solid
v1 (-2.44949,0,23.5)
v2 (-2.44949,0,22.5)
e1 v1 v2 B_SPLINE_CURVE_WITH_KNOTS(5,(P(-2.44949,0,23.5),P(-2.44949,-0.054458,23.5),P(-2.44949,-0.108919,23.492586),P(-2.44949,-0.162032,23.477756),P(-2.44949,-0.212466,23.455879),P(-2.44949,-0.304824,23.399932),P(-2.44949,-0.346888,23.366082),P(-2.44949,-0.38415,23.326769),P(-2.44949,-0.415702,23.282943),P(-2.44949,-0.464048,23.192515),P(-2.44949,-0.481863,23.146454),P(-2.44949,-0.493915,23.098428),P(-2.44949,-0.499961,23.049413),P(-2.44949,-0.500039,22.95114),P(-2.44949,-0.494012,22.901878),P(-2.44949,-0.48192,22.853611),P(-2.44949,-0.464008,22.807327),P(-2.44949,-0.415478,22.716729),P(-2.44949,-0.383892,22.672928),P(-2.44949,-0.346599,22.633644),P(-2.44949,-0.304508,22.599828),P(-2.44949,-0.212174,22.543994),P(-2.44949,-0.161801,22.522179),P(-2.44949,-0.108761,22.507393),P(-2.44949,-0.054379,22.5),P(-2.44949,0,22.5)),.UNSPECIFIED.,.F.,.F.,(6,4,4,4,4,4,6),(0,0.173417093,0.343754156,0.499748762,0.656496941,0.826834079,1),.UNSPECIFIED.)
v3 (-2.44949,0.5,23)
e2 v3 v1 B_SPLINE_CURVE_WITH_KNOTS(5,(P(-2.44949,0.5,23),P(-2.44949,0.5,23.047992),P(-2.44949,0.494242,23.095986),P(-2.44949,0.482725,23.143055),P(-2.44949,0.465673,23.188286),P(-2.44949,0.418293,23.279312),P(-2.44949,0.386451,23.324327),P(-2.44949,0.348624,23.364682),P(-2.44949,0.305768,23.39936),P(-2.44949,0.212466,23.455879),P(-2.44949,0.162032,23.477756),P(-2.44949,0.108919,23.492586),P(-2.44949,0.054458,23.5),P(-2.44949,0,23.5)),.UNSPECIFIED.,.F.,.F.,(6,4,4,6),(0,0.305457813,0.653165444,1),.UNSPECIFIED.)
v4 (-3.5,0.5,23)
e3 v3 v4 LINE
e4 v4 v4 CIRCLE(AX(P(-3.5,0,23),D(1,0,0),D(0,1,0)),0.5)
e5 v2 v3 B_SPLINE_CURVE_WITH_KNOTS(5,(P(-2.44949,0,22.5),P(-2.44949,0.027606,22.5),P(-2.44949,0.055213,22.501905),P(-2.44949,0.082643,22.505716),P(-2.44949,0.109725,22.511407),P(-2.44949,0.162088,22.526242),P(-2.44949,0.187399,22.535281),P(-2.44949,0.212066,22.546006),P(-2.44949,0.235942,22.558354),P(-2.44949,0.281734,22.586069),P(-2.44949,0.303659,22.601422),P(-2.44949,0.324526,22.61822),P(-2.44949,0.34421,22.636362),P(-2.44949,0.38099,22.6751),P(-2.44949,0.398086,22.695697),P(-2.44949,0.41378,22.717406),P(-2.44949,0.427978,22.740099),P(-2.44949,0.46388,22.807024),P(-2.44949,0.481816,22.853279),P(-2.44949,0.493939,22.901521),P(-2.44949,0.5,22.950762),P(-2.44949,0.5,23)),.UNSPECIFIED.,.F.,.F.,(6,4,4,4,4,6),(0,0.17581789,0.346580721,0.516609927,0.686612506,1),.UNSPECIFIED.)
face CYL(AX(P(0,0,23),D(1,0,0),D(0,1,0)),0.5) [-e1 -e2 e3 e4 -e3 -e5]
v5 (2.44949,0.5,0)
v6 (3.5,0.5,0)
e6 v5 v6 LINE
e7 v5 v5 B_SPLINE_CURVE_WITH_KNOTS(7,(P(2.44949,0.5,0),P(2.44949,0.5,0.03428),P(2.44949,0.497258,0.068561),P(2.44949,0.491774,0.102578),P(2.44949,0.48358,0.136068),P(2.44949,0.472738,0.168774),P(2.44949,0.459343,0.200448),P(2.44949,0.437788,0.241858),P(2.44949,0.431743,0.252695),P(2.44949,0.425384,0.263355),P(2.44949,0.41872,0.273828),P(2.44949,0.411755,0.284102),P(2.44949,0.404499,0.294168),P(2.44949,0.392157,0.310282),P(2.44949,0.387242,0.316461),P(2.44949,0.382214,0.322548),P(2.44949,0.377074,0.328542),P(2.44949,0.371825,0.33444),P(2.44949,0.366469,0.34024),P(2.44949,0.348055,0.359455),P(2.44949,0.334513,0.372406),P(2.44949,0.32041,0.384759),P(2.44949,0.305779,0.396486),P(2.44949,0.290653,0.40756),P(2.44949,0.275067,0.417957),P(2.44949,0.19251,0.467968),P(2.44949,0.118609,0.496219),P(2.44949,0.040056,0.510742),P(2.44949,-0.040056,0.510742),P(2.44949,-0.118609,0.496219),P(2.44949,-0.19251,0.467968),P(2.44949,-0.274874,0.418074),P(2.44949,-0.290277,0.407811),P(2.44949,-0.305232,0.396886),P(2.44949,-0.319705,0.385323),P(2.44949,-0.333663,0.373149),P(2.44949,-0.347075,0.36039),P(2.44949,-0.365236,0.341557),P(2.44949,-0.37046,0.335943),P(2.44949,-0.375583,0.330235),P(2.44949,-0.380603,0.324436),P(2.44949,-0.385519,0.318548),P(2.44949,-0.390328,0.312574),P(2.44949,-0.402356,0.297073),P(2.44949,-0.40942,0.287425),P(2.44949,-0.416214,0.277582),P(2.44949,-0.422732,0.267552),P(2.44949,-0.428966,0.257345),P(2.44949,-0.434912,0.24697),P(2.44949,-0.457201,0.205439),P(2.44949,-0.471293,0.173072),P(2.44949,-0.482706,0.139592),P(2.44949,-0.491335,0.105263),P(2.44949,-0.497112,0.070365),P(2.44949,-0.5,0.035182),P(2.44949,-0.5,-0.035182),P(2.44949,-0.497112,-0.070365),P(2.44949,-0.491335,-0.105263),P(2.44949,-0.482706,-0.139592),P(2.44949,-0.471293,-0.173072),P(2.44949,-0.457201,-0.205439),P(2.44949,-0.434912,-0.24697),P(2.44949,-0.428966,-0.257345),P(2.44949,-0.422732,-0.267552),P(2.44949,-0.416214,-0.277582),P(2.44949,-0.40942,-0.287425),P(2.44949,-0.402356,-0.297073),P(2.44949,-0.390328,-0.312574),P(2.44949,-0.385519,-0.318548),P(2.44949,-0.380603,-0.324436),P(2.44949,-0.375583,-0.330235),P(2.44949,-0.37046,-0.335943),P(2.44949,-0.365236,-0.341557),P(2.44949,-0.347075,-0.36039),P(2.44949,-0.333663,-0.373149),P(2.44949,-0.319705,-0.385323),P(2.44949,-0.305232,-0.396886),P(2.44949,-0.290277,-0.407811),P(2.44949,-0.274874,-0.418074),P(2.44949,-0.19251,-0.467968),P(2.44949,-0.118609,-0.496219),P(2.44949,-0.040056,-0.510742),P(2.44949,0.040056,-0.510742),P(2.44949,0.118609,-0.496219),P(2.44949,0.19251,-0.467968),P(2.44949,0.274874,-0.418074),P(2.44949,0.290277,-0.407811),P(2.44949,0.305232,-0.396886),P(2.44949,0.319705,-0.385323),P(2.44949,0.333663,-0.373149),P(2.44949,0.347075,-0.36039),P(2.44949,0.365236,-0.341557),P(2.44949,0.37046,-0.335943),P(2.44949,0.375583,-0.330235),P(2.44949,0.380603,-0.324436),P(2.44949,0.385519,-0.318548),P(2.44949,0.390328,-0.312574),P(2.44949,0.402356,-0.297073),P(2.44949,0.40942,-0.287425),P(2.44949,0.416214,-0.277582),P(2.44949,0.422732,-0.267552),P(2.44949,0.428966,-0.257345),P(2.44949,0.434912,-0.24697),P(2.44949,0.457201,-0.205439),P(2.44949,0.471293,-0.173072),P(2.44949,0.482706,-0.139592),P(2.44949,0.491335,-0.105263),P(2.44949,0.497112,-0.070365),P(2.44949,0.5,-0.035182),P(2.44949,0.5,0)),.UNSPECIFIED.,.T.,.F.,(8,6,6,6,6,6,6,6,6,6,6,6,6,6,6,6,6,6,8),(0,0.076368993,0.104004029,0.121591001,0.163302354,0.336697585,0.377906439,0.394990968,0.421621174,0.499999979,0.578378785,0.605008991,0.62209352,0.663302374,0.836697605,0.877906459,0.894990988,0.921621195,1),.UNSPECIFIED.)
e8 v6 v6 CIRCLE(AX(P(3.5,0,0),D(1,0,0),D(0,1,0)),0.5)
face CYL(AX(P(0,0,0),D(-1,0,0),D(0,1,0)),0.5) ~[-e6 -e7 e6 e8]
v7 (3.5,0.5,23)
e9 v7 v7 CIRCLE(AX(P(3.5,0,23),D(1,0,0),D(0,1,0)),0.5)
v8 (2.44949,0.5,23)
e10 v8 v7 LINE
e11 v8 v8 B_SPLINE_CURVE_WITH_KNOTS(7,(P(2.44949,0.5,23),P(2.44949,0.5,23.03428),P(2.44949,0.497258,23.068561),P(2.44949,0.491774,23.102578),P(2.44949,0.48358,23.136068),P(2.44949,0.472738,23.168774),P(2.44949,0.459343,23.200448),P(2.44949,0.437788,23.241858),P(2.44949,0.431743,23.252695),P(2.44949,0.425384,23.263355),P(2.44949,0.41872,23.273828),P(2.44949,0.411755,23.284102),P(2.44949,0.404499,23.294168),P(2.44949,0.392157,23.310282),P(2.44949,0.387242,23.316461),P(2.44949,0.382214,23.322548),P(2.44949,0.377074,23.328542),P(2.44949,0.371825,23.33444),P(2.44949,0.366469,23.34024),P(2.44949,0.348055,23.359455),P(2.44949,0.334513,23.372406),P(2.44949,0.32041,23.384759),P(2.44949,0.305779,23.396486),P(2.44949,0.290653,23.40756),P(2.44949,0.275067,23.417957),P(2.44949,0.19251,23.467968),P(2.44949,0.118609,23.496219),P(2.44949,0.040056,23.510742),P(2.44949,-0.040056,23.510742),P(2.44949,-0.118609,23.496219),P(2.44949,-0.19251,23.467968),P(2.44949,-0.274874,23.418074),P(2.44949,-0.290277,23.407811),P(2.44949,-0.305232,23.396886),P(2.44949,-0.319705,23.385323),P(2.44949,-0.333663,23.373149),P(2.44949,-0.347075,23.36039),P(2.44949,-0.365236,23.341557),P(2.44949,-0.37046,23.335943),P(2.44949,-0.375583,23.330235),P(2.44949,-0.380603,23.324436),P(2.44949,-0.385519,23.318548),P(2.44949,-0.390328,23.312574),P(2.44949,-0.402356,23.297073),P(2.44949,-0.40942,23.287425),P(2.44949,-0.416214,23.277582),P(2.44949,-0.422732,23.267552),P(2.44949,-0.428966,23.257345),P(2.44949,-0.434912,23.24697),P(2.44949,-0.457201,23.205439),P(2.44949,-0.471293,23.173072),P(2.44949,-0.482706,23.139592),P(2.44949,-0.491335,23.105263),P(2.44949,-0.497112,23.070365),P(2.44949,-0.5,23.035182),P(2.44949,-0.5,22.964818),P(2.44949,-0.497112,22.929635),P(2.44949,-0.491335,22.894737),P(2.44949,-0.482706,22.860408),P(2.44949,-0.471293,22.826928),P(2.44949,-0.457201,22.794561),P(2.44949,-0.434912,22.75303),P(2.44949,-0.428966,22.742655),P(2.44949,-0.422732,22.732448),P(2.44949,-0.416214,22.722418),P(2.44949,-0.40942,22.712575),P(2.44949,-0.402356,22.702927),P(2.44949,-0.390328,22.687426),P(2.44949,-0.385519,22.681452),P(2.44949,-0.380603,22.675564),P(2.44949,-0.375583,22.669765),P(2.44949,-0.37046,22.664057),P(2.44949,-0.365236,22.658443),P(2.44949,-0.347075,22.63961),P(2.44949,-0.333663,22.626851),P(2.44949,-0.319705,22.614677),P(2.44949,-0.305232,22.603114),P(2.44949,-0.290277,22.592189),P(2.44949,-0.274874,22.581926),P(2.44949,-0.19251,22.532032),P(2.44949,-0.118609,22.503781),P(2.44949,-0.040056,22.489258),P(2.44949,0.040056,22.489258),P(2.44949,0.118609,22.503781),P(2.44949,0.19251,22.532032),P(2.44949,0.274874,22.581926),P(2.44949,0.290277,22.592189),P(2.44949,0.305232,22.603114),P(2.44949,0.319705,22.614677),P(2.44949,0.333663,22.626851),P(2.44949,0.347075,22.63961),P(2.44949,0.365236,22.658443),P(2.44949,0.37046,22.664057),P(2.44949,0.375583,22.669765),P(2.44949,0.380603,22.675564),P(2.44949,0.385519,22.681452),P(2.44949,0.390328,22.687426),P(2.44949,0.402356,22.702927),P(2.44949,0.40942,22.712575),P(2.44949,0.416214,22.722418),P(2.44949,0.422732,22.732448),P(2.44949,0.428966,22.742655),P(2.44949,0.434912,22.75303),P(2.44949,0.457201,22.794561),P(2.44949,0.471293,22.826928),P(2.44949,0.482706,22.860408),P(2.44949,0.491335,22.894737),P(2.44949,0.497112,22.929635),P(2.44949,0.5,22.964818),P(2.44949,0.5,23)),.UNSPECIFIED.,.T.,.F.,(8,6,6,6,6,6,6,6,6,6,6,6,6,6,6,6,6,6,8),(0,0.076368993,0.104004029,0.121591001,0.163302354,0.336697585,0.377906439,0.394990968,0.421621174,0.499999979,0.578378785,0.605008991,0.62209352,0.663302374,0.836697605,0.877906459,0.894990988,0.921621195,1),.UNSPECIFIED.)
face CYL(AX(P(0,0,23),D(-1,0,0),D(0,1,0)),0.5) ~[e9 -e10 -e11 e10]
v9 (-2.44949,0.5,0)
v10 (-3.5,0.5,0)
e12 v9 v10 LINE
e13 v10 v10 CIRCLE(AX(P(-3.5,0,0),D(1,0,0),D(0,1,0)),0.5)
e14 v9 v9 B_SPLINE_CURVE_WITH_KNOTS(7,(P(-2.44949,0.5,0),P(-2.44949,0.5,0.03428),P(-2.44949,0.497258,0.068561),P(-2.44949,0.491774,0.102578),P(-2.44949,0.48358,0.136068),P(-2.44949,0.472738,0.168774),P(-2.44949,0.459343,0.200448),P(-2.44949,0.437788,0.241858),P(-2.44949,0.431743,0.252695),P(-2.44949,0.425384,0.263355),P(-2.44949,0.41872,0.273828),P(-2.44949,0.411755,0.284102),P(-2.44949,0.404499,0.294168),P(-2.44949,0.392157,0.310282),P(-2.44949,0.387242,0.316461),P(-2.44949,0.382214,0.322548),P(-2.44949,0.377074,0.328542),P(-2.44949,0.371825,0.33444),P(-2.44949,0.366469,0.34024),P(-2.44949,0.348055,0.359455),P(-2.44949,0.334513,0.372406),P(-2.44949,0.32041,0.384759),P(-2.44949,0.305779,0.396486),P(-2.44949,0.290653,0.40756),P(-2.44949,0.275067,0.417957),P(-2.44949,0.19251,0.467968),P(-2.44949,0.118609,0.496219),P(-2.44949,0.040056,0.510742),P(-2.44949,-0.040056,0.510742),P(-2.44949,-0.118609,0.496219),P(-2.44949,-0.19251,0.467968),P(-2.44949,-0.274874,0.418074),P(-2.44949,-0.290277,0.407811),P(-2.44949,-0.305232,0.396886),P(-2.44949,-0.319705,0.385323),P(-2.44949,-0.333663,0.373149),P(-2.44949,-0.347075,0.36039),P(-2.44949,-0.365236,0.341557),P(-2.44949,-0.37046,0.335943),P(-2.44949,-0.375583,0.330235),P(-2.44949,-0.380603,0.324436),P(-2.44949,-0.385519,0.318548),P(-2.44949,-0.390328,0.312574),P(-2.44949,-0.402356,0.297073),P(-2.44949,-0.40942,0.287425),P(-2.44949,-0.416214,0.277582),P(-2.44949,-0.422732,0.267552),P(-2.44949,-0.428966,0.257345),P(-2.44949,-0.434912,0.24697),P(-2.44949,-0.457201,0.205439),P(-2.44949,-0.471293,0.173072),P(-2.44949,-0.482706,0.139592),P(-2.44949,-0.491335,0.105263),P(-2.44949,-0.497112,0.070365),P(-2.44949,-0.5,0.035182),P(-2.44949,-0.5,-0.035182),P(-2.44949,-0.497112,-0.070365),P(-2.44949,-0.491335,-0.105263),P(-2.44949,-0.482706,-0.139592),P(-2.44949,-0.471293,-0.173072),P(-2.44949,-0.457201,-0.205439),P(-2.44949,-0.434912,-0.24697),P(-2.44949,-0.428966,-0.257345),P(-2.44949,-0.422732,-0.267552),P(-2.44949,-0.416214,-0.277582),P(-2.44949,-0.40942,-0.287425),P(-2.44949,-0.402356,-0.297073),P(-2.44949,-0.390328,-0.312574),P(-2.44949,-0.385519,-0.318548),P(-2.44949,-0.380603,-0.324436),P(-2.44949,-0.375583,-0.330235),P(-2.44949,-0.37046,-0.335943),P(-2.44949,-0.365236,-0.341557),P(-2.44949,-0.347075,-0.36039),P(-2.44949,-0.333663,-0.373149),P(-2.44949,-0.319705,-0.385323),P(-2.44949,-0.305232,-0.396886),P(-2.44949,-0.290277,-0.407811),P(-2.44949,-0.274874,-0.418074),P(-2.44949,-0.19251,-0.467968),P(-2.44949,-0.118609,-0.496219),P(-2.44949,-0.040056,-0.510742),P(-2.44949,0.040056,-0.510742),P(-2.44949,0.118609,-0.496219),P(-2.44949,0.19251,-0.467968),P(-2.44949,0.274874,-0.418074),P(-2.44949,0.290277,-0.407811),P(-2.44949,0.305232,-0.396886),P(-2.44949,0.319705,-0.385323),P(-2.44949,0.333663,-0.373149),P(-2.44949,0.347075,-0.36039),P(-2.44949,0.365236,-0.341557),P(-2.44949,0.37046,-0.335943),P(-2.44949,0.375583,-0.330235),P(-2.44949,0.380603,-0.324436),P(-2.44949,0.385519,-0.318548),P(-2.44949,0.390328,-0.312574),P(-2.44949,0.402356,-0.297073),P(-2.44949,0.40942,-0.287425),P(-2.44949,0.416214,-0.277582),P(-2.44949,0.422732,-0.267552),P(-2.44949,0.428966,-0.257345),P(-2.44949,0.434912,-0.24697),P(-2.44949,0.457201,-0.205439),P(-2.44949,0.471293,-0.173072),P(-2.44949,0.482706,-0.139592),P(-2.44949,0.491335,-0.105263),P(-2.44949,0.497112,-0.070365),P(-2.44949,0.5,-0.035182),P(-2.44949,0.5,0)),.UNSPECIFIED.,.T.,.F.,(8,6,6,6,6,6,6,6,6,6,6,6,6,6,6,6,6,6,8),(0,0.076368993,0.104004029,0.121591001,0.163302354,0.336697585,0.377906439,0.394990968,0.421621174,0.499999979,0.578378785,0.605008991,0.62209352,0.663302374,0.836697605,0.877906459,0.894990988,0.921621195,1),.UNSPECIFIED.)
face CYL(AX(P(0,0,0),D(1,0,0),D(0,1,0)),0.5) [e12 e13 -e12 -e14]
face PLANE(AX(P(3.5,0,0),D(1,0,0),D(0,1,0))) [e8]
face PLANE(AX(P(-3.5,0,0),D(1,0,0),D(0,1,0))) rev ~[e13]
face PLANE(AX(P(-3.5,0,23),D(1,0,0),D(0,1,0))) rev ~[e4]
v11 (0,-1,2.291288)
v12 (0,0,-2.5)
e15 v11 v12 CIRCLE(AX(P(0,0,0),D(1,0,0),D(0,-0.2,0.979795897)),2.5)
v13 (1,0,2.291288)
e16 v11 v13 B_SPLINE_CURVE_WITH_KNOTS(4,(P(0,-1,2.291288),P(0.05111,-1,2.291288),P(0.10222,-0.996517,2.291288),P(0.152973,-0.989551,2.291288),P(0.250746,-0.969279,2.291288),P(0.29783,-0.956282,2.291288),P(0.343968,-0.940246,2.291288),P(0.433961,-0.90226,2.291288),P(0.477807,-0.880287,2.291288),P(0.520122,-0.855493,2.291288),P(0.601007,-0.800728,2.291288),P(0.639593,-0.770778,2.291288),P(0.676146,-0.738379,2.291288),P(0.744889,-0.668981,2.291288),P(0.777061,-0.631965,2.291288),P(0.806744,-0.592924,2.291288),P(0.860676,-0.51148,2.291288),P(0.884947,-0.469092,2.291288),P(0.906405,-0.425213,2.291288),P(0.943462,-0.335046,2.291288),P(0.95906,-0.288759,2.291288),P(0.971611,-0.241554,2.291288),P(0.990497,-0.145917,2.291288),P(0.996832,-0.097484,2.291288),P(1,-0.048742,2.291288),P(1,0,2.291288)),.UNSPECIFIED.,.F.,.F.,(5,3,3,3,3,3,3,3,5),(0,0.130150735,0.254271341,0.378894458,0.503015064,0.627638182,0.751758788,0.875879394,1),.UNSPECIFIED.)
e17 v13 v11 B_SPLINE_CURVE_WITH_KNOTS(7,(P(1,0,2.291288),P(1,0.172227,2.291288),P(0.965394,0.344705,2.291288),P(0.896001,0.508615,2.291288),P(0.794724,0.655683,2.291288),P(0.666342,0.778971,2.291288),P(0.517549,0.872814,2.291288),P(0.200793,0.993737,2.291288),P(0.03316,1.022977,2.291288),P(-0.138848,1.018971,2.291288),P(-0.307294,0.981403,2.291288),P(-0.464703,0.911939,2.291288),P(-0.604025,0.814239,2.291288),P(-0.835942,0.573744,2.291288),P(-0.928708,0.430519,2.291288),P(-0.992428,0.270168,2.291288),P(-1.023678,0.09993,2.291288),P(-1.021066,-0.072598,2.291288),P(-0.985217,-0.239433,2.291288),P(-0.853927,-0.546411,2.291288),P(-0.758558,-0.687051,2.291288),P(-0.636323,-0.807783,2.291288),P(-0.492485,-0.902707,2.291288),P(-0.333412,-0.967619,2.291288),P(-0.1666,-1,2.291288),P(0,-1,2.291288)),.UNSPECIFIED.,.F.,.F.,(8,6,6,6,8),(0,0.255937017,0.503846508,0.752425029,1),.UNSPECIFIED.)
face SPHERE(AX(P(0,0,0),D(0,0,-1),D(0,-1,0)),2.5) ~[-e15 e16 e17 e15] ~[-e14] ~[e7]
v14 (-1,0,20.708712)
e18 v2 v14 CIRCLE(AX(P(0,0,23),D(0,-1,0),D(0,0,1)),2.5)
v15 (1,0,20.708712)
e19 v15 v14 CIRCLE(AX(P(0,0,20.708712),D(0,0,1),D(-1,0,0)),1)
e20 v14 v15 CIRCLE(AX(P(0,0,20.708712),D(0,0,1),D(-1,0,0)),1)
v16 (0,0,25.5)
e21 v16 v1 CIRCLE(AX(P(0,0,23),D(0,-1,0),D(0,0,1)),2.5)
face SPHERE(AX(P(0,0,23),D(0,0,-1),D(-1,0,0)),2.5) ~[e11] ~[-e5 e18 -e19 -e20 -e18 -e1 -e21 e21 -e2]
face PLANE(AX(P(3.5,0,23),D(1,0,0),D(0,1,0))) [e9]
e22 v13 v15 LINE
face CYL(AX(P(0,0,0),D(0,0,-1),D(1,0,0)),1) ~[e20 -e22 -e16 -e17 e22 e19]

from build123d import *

# Parameters (mm, degrees)
F1_R          = 1
F2_DEPTH      = 23
F7_R          = 0.5
F8_DEPTH      = 3.5
F8_DEPTH_BACK = 3.5


with BuildPart() as f2:
    # F1 (on Top) → F2 (new body)
    with BuildSketch(Plane.XY):
        Circle(F1_R)
    extrude(amount=F2_DEPTH)

    # F3 (on Right) → F4 (revolve)
    with BuildSketch(Plane.YZ):
        with BuildLine():
            Line((-0.5, 0), (-0.5, 2.4494897428))
            ThreePointArc((-0.5, 2.4494897428), (-2.4873403825, -0.251272405), (0, -2.5))
            Line((0, -2.5), (0, 0))
            Line((0, 0), (-0.5, 0))
        make_face()
    revolve(axis=Axis((0, 0, -1.25), (0, 0, 1)))

    # F5 (on Front) → F6 (revolve)
    with BuildSketch(Plane.XZ):
        with BuildLine():
            Line((0, 23), (0, 25.5))
            ThreePointArc((0, 25.5), (-2.4472657823, 23.5107741092), (-1, 20.7087121525))
            Line((-1, 20.7087121525), (-1, 23))
            Line((-1, 23), (0, 23))
        make_face()
    revolve(axis=Axis((0, 0, 24.25), (0, 0, 1)))

    # F7 (on Right) → F8 (join, two sides)
    with BuildSketch(Plane.YZ) as f8_sk:
        Circle(F7_R)
        with Locations((0, 23)):
            Circle(F7_R)
    extrude(amount=F8_DEPTH)
    extrude(f8_sk.sketch, amount=-F8_DEPTH_BACK)


solid = f2.part
